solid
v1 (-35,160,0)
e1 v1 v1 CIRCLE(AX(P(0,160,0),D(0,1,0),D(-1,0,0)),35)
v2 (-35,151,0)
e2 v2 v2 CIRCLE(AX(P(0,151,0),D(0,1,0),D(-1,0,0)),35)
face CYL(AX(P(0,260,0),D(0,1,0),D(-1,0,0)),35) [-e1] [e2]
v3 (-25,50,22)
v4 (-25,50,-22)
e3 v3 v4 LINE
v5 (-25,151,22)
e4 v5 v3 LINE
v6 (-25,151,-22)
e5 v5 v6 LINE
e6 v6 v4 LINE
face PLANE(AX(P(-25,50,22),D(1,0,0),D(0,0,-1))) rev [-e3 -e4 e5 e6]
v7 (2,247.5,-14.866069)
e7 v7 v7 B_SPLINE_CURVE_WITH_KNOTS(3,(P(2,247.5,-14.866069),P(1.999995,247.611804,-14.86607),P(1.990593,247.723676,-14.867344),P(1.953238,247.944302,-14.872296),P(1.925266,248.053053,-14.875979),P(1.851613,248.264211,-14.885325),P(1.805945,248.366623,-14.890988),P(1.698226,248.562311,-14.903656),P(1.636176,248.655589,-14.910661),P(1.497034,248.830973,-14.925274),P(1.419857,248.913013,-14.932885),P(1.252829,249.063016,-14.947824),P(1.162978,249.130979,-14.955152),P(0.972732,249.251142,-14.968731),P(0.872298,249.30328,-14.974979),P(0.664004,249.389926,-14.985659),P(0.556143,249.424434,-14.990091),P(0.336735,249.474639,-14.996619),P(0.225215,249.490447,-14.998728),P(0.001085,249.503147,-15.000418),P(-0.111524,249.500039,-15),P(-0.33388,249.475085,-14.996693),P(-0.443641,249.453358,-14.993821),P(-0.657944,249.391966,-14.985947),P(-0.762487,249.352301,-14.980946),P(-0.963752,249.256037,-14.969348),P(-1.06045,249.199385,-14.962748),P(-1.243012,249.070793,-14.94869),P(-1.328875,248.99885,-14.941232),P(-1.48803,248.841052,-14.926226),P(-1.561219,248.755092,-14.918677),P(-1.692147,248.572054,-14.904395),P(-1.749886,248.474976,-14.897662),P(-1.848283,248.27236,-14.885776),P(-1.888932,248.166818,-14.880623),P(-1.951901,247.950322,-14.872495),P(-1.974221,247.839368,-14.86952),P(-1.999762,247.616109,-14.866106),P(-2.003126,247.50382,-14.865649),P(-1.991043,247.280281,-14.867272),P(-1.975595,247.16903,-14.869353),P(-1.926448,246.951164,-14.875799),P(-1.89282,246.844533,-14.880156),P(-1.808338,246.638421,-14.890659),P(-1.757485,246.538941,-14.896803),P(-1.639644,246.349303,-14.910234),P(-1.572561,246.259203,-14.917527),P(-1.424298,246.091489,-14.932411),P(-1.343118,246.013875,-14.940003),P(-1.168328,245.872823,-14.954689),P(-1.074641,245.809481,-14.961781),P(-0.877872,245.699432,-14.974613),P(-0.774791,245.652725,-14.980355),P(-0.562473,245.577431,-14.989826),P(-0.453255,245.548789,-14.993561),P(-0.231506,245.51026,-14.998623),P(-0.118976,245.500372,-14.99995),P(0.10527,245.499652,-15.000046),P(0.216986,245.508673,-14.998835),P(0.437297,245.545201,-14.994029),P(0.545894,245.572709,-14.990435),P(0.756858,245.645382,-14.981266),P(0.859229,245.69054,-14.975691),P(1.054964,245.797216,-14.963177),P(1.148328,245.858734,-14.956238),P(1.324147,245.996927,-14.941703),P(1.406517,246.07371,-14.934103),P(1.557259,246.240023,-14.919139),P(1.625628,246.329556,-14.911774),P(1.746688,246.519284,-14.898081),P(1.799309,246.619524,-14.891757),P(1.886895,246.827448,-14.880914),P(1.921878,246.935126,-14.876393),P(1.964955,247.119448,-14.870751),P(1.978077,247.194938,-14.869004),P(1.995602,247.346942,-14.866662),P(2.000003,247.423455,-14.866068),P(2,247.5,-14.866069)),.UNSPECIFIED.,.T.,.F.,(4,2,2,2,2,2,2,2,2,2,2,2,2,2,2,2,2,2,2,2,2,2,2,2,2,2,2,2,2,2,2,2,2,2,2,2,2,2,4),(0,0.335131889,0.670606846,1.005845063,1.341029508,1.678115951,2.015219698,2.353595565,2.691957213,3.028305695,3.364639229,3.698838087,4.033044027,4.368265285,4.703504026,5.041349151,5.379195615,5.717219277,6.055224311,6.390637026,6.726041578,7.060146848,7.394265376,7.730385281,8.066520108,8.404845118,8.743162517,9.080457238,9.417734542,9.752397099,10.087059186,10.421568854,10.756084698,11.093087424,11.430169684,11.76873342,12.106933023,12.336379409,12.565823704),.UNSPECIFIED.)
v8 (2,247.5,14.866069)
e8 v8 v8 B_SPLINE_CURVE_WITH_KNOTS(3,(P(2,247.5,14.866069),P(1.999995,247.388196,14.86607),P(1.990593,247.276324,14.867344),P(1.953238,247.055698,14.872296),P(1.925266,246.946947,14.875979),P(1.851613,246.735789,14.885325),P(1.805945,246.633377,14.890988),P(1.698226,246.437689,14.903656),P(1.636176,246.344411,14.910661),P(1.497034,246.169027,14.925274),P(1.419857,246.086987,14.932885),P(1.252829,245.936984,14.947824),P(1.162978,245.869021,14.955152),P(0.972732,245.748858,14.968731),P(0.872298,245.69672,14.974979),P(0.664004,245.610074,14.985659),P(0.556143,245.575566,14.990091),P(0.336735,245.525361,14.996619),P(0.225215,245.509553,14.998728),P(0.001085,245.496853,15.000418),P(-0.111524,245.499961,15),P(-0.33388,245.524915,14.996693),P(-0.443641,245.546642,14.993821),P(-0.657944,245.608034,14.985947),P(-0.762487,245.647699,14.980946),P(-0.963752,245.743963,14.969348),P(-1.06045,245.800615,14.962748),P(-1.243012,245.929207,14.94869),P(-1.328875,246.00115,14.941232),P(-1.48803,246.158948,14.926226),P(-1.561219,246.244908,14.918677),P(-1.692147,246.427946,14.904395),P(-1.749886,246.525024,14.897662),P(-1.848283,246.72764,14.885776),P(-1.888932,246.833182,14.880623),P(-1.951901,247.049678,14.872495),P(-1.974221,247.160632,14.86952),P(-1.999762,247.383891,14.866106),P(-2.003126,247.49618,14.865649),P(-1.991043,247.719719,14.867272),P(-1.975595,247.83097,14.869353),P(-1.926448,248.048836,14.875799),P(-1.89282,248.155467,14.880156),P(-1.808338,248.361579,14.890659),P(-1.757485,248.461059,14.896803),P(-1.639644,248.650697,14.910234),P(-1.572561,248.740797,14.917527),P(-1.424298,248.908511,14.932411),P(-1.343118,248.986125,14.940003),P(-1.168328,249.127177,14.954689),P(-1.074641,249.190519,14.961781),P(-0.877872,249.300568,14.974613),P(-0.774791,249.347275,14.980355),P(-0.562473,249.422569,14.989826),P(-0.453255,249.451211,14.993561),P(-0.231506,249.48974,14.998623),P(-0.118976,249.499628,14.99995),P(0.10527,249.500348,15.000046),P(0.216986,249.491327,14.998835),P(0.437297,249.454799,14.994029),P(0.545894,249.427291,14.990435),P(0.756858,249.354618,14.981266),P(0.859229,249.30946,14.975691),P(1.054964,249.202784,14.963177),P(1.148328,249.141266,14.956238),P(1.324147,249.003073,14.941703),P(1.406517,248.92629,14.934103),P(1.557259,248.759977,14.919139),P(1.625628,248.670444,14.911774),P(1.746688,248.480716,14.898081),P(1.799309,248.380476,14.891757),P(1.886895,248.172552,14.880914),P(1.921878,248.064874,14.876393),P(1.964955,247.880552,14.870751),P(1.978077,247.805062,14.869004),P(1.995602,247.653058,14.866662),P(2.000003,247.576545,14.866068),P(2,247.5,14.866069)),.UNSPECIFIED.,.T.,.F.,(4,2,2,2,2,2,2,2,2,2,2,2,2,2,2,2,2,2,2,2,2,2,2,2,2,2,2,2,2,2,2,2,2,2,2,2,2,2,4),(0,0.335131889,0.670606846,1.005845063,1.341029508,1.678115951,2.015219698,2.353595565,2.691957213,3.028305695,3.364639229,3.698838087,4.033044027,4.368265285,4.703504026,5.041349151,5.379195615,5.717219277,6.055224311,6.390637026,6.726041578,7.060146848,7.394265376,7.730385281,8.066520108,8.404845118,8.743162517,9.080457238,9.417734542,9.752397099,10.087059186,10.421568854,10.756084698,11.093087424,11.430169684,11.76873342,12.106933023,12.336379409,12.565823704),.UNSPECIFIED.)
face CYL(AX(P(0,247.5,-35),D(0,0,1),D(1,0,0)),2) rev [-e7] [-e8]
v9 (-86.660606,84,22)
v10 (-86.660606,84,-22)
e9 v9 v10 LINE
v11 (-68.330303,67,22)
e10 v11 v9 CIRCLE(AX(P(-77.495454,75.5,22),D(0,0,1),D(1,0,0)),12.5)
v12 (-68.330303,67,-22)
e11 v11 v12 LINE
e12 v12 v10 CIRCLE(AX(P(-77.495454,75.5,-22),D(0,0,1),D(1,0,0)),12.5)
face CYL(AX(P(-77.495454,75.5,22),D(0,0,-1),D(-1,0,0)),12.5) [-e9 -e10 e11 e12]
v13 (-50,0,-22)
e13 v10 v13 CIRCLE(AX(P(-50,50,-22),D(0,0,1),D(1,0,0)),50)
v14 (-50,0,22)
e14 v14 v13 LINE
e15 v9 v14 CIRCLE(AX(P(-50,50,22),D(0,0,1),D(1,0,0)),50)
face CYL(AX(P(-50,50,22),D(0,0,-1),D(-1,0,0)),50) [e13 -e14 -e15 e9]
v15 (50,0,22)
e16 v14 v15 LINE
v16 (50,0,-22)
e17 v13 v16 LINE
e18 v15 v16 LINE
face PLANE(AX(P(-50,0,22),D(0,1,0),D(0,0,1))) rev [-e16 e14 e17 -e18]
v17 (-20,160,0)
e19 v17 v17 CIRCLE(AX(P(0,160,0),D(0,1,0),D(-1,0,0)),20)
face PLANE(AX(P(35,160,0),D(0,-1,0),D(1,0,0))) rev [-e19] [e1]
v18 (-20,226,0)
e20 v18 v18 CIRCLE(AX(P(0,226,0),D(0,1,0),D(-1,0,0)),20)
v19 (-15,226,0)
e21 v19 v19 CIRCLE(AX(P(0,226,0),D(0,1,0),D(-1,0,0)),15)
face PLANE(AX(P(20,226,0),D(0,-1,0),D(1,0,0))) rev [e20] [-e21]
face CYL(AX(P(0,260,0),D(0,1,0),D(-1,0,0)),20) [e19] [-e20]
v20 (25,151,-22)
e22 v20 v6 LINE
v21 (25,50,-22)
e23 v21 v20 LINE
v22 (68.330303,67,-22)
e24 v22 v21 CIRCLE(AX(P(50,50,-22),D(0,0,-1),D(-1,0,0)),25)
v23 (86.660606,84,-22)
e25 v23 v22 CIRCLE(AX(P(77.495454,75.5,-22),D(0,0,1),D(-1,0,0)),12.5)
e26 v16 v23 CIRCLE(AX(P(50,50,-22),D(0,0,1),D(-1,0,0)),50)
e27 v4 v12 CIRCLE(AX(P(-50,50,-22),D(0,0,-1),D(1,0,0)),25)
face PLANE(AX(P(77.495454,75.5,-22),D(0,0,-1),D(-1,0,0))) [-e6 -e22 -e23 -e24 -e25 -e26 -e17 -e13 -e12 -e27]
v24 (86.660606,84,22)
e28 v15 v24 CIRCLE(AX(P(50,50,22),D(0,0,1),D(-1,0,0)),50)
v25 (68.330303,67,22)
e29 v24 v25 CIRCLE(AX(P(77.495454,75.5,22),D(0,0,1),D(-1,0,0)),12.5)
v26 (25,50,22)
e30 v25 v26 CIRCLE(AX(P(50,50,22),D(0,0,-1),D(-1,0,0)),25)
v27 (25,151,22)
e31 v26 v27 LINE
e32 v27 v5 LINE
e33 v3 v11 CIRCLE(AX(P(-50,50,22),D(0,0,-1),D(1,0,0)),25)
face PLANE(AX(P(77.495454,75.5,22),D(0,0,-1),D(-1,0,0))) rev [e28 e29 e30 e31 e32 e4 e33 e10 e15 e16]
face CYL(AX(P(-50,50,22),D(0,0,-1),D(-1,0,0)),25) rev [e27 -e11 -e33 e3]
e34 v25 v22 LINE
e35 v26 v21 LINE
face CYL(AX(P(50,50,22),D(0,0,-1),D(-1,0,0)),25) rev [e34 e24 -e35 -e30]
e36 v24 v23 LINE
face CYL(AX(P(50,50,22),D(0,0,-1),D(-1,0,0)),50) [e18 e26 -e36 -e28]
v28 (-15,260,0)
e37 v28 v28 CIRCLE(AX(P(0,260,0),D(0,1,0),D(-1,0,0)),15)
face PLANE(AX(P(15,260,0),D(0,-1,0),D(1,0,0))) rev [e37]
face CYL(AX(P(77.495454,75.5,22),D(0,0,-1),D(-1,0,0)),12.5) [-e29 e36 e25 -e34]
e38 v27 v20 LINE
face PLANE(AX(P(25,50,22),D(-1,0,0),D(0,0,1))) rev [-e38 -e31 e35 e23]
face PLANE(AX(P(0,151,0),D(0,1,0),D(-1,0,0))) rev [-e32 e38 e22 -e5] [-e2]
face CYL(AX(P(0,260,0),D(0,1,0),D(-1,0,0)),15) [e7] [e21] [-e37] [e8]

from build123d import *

# Parameters (mm, degrees)
BOSS_EXTRUDE1_DEPTH     = 22
CUT_EXTRUDE1_DEPTH      = 281.757902827
CUT_EXTRUDE1_DEPTH_BACK = 281.757902827
SKETCH3_R               = 2


with BuildPart() as part:
    # Sketch1 → Boss-Extrude1 (new, symmetric)
    with BuildSketch(Plane.XY):
        with BuildLine():
            Line((-50, 0), (50, 0))
            ThreePointArc((50, 0), (95.82575695, 30), (86.66060556, 84))
            ThreePointArc((86.66060556, 84), (68.99545417, 84.66515139), (68.33030278, 67))
            ThreePointArc((68.33030278, 67), (59.130783934, 26.727080442), (25, 50))
            Line((25, 50), (25, 151))
            Line((25, 151), (-25, 151))
            Line((-25, 151), (-25, 50))
            ThreePointArc((-25, 50), (-59.130783934, 26.727080442), (-68.33030278, 67))
            ThreePointArc((-68.33030278, 67), (-68.99545417, 84.66515139), (-86.66060556, 84))
            ThreePointArc((-86.66060556, 84), (-95.82575695, 30), (-50, 0))
        make_face()
    extrude(amount=BOSS_EXTRUDE1_DEPTH, both=True)

    # Sketch2 → Revolve1 (revolve)
    with BuildSketch(Plane.XY, mode=Mode.PRIVATE) as revolve1_sk:
        Polygon((0, 151), (35, 151), (35, 160), (20, 160), (20, 226), (15, 226), (15, 260), (0, 260), align=None)
    revolve(revolve1_sk.sketch.rotate(Axis((0, 260, 0), (0, -1, 0)), 180), axis=Axis((0, 260, 0), (0, -1, 0)))

    # Sketch3 → Cut-Extrude1 (cut, two sides: drawn at the far end of the back side and taken through both)
    with BuildSketch(Plane.XY.offset(-CUT_EXTRUDE1_DEPTH_BACK)):
        with Locations((0, 247.5)):
            Circle(SKETCH3_R)
    extrude(amount=CUT_EXTRUDE1_DEPTH + CUT_EXTRUDE1_DEPTH_BACK, mode=Mode.SUBTRACT)


solid = part.part
